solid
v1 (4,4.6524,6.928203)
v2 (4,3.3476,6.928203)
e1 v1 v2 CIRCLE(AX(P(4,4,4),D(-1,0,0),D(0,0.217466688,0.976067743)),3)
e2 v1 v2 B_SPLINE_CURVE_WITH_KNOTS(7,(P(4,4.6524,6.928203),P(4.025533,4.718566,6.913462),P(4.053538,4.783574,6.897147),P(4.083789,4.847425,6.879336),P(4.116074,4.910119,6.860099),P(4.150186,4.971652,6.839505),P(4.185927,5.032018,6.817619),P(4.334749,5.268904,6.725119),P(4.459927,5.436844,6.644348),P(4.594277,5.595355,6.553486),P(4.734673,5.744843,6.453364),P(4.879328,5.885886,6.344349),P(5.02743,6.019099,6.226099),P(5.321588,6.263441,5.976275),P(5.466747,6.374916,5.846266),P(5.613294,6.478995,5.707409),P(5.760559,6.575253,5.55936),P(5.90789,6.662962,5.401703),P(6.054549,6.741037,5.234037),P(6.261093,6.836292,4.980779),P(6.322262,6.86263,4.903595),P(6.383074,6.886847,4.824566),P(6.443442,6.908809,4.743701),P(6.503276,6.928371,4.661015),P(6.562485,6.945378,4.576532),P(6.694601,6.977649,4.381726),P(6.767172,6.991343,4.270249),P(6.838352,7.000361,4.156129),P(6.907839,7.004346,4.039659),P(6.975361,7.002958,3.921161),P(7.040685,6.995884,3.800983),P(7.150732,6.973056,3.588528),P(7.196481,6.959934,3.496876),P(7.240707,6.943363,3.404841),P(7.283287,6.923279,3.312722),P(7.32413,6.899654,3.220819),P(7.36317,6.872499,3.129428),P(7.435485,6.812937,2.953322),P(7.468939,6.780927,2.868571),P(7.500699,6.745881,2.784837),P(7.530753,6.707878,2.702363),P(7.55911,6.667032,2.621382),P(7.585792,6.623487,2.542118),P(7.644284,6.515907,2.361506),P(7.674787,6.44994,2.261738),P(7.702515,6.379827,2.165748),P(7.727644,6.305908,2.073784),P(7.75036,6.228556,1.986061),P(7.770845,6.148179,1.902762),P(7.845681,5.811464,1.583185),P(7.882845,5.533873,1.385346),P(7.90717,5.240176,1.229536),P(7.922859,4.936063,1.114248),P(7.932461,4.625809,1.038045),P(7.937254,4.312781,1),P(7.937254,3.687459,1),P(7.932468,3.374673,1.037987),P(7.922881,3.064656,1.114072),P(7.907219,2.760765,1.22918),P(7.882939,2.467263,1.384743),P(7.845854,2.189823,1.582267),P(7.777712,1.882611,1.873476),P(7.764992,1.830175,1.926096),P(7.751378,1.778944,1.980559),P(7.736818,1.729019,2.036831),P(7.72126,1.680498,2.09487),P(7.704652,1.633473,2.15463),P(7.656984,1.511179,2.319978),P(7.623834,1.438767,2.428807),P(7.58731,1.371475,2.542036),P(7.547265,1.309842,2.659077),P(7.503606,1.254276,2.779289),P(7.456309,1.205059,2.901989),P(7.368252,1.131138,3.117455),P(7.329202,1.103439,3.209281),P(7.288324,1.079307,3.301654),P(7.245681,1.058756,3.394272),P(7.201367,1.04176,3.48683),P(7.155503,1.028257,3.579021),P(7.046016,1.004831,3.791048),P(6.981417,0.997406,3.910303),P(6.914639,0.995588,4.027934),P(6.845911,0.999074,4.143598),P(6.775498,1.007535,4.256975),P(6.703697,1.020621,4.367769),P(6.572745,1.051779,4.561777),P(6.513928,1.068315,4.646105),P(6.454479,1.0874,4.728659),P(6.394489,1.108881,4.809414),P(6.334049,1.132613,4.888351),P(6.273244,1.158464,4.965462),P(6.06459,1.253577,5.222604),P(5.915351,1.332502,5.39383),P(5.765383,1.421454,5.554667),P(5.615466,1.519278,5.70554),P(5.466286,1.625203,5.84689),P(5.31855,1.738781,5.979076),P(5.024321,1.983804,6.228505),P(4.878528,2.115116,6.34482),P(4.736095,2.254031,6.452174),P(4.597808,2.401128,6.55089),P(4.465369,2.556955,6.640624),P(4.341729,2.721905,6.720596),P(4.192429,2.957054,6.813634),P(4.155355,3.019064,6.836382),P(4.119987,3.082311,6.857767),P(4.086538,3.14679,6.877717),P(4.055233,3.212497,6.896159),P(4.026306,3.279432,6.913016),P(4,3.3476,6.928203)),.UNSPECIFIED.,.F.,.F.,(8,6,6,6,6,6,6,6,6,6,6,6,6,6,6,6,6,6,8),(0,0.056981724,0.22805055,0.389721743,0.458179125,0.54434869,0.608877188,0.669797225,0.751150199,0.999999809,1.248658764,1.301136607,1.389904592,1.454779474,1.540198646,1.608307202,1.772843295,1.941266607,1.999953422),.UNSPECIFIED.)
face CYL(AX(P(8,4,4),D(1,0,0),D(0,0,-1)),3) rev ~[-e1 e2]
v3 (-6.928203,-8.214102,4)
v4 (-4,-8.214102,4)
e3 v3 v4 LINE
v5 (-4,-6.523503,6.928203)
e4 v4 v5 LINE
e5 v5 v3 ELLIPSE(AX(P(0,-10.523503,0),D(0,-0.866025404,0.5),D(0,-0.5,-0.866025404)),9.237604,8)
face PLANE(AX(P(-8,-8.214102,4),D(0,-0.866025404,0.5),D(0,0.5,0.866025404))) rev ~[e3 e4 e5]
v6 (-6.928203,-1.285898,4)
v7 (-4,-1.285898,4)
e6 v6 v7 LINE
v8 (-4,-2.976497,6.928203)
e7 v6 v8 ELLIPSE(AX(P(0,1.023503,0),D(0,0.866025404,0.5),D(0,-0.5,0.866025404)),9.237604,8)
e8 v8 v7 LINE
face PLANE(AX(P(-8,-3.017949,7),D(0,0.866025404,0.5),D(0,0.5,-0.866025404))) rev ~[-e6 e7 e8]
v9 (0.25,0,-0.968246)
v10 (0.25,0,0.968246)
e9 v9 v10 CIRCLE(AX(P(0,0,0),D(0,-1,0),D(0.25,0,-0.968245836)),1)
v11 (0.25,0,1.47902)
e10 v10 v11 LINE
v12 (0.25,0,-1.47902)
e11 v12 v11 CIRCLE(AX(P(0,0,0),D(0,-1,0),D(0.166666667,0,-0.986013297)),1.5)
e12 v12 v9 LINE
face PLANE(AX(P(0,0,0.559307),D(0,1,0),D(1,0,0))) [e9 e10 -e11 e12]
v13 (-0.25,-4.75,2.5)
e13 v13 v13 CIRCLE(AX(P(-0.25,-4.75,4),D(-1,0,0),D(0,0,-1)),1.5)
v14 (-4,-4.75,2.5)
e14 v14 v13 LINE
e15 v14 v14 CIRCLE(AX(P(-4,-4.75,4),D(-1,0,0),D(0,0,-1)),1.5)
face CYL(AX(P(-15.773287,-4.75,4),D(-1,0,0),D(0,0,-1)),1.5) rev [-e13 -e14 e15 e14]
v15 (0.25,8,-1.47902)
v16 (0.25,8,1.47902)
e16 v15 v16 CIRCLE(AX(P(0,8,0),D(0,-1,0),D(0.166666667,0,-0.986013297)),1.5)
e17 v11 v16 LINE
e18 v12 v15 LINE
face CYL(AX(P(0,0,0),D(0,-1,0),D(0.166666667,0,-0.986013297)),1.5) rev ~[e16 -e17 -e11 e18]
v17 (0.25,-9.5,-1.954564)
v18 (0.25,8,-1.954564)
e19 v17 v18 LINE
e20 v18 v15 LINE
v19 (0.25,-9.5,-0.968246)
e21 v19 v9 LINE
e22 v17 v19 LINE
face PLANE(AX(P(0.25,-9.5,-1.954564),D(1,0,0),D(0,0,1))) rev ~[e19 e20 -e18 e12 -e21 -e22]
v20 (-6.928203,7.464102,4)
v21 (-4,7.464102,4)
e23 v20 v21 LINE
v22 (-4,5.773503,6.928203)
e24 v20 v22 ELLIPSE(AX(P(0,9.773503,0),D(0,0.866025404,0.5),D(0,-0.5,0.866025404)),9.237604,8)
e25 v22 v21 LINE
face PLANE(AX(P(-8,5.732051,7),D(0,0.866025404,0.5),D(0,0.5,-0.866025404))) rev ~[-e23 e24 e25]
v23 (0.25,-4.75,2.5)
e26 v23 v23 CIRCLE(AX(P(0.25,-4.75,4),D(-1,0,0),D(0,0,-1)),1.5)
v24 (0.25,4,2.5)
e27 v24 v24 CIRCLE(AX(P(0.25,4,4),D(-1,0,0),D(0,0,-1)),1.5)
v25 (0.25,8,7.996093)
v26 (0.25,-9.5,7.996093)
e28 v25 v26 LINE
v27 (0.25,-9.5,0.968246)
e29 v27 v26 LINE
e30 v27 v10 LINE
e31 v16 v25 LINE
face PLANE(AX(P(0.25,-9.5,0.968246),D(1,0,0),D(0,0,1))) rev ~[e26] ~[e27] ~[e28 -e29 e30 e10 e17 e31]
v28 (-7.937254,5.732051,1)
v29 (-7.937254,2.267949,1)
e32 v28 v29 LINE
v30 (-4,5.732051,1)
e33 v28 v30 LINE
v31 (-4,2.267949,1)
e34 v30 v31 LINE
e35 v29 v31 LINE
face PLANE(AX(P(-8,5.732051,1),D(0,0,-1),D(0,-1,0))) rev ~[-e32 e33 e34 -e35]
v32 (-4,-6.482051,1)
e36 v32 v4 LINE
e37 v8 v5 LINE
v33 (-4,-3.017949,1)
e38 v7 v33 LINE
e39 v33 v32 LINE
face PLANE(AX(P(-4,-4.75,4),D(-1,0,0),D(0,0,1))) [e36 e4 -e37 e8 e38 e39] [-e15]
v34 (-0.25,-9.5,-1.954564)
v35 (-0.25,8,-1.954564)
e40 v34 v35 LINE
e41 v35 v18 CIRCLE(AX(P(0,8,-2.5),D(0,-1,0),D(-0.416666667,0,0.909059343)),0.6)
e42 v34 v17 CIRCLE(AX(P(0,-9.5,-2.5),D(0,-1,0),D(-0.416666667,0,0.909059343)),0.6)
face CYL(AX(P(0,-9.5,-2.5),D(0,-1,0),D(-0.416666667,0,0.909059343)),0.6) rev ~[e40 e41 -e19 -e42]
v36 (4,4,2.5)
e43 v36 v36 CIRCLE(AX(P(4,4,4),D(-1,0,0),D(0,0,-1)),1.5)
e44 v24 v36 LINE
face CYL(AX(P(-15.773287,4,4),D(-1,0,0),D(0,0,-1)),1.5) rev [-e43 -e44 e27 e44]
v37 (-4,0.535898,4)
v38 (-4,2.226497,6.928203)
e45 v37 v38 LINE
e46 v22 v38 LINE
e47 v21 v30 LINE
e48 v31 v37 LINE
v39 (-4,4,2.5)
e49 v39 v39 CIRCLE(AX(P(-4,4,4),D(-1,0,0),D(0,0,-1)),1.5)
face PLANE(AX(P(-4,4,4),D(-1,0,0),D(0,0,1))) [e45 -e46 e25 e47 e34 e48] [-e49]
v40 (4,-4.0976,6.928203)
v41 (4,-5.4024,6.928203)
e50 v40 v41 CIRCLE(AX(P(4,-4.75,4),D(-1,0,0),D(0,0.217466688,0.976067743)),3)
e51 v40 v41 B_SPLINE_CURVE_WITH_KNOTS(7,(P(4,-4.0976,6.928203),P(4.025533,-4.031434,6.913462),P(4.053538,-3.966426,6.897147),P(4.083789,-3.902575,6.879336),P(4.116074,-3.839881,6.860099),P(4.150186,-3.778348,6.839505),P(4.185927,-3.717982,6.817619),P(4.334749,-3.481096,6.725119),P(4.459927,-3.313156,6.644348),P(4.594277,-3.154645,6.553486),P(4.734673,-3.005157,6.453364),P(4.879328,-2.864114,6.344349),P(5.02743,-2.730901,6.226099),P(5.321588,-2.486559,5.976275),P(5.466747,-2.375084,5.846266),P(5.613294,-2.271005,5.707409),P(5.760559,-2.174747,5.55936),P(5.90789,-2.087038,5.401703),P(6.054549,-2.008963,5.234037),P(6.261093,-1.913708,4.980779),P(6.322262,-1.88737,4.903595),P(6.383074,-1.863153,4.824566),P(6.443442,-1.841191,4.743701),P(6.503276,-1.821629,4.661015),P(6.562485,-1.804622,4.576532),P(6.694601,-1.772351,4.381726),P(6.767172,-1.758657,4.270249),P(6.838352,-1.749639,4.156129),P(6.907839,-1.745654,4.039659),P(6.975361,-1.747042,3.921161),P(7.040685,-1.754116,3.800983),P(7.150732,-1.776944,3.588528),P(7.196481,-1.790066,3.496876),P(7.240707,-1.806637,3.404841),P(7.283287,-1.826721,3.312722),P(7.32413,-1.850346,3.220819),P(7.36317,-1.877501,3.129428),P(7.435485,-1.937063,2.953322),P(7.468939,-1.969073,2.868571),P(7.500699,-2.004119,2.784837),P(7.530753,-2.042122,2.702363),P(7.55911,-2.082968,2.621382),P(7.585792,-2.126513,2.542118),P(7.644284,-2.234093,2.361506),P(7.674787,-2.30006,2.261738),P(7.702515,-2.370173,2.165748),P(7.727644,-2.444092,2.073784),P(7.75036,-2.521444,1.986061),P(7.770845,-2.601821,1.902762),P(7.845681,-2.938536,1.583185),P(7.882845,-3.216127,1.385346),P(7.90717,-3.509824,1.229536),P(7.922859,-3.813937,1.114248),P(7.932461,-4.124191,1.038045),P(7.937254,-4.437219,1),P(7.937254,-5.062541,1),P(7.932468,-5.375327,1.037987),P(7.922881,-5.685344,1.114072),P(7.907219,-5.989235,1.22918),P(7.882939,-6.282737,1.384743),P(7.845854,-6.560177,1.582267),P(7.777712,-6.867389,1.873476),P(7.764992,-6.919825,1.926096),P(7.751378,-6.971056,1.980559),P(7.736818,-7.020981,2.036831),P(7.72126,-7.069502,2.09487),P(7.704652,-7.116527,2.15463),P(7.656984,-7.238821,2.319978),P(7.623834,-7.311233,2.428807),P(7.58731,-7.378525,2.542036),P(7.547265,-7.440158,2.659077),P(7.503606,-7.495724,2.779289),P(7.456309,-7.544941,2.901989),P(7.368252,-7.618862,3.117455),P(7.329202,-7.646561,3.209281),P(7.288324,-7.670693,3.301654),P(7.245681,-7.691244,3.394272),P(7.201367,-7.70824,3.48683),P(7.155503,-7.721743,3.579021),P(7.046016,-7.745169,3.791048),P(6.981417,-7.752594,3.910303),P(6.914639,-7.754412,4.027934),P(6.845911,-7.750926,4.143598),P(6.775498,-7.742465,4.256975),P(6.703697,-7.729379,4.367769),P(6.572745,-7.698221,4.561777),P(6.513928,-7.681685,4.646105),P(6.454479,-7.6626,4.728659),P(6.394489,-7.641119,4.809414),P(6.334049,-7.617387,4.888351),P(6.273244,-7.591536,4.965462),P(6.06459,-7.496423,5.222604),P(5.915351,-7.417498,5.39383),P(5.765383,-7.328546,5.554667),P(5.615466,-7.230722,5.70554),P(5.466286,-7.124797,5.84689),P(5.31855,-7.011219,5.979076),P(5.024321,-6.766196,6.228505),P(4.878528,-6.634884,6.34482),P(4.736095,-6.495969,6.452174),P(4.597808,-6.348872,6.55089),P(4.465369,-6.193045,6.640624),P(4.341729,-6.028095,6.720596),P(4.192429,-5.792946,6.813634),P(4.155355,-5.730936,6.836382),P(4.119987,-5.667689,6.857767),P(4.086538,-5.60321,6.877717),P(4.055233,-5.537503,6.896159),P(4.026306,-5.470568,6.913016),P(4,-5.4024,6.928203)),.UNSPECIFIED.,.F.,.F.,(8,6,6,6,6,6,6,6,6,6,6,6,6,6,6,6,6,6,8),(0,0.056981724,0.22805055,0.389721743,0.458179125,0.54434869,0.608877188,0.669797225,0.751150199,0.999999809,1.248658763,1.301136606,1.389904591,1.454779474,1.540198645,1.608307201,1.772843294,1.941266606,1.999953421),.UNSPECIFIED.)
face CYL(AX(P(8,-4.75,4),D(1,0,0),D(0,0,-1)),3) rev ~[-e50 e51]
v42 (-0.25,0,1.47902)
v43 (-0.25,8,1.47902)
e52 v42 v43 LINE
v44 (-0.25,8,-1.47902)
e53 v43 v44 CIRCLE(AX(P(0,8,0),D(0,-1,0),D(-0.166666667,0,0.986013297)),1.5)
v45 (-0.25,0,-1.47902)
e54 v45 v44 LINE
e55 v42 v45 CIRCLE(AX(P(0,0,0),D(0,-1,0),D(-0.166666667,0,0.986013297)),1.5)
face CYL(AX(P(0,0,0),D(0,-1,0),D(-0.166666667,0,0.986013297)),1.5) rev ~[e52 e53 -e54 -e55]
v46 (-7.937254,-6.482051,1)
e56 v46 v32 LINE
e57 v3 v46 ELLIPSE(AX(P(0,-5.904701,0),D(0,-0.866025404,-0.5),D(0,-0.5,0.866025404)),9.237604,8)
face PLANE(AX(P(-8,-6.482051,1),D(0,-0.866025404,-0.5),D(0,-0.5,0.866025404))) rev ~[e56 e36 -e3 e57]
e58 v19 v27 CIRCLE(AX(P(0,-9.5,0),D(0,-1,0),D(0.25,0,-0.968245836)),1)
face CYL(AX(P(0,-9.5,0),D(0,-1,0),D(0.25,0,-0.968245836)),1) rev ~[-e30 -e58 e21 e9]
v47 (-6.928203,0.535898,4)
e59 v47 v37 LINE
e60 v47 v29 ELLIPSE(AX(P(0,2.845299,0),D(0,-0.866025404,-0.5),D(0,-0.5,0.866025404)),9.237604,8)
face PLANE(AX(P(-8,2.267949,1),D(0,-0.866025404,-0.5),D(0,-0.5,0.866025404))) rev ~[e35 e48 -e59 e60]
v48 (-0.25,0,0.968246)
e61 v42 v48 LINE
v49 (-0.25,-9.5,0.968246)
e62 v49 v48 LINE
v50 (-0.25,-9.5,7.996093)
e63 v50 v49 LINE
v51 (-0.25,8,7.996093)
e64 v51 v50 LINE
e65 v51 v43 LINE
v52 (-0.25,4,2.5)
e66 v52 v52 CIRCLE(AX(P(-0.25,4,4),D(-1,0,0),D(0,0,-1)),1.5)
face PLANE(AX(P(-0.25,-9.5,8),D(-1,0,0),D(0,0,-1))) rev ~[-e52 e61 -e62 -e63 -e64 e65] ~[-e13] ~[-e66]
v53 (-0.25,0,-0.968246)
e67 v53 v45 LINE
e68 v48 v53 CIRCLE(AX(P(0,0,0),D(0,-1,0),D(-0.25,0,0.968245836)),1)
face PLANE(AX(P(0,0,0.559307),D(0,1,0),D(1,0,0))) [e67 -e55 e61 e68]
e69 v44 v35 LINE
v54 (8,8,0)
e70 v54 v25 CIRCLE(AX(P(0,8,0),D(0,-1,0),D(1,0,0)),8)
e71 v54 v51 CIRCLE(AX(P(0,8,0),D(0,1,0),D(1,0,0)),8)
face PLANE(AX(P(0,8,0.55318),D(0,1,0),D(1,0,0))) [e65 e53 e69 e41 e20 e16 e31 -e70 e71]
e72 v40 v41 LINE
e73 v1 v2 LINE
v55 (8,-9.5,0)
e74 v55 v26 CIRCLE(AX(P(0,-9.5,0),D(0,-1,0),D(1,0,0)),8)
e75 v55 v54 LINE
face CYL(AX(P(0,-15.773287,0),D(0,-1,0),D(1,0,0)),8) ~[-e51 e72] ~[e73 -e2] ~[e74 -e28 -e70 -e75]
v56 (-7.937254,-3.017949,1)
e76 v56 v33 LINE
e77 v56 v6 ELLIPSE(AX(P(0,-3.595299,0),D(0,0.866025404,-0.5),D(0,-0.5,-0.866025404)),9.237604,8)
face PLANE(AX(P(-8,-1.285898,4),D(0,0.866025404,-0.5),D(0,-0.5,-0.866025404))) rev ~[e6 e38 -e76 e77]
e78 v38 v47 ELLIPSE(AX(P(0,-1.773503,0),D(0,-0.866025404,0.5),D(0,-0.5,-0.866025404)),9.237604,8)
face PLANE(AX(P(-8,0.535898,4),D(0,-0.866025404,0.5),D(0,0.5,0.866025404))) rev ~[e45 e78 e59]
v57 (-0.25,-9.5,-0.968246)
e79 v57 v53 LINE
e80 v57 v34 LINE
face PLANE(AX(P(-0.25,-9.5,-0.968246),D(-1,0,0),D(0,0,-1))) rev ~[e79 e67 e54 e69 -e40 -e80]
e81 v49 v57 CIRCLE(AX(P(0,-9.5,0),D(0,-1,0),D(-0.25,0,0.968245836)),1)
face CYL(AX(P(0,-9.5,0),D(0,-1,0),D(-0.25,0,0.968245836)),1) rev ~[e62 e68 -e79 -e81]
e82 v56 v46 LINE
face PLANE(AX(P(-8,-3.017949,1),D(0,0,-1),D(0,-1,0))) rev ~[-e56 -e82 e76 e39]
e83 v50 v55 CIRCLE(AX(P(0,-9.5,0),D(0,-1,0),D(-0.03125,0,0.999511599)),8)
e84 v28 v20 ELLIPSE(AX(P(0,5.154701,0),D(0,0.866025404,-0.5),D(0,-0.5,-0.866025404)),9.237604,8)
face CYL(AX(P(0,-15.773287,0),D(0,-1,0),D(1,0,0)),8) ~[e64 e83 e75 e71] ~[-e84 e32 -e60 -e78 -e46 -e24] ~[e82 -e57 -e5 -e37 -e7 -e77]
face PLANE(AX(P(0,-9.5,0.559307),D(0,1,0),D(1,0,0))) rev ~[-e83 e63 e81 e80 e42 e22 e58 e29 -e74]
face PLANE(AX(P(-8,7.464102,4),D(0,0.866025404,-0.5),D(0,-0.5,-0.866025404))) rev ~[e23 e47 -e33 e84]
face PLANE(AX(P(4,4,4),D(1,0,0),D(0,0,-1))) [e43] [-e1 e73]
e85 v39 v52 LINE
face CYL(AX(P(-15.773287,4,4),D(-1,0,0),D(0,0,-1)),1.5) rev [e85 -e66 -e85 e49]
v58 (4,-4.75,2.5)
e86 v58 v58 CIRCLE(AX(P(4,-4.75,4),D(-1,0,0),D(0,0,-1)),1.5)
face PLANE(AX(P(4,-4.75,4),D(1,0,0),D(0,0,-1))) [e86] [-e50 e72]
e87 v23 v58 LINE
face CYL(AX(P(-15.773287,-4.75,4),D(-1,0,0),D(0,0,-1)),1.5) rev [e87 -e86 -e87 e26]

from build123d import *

# Parameters (mm, degrees)
SALIENTE_EXTRUIR1_DEPTH    = 8
SALIENTE_EXTRUIR2_START    = -9.5
SALIENTE_EXTRUIR2_DEPTH    = 9.5
CORTAR_EXTRUIR1_DEPTH      = 15.773286703
CORTAR_EXTRUIR1_DEPTH_BACK = 15.773286703
CROQUIS3_R                 = 1.5
CROQUIS5_R                 = 3
CORTAR_EXTRUIR2_DEPTH      = 4
CORTAR_EXTRUIR4_DEPTH      = 4
CORTAR_EXTRUIR3_DEPTH      = 15.773286703
CORTAR_EXTRUIR3_DEPTH_BACK = 15.773286703
CROQUIS6_OUTSIDE_W         = 23.722
CROQUIS6_OUTSIDE_H         = 23.722
CROQUIS6_OUTSIDE_R         = 8


with BuildPart() as part:
    # Croquis1 → Saliente-Extruir1 (new body)
    with BuildSketch(Plane(origin=(0, 0, 0), x_dir=(1, 0, 0), z_dir=(0, 1, 0))):
        with BuildLine():
            Line((-0.25, -7.996092796), (-0.25, -1.479019946))
            ThreePointArc((-0.25, -1.479019946), (-1.5, 0), (-0.25, 1.479019946))
            Line((-0.25, 1.479019946), (-0.25, 1.954564394))
            ThreePointArc((-0.25, 1.954564394), (0, 3.1), (0.25, 1.954564394))
            Line((0.25, 1.954564394), (0.25, 1.479019946))
            ThreePointArc((0.25, 1.479019946), (1.5, 0), (0.25, -1.479019946))
            Line((0.25, -1.479019946), (0.25, -7.996092796))
            Line((0.25, -7.996092796), (0.25, -8))
            Line((0.25, -8), (8, -8))
            Line((8, -8), (8, 8))
            Line((8, 8), (-8, 8))
            Line((-8, 8), (-8, -8))
            Line((-8, -8), (-0.25, -8))
            Line((-0.25, -8), (-0.25, -7.996092796))
        make_face()
    extrude(amount=SALIENTE_EXTRUIR1_DEPTH)

    # Croquis2 → Saliente-Extruir2 (add)
    with BuildSketch(Plane(origin=(0, 0, 0), x_dir=(1, 0, 0), z_dir=(0, 1, 0)).offset(SALIENTE_EXTRUIR2_START)):
        with BuildLine():
            Line((0.25, -1.479019946), (0.25, -8))
            Line((0.25, -8), (8, -8))
            Line((8, -8), (8, 8))
            Line((8, 8), (-8, 8))
            Line((-8, 8), (-8, -8))
            Line((-8, -8), (-0.25, -8))
            Line((-0.25, -8), (-0.25, -1.479019946))
            Line((-0.25, -1.479019946), (-0.25, -0.968245837))
            ThreePointArc((-0.25, -0.968245837), (-1, 0), (-0.25, 0.968245837))
            Line((-0.25, 0.968245837), (-0.25, 1.479019946))
            Line((-0.25, 1.479019946), (-0.25, 1.954564394))
            ThreePointArc((-0.25, 1.954564394), (0, 3.1), (0.25, 1.954564394))
            Line((0.25, 1.954564394), (0.25, 1.479019946))
            Line((0.25, 1.479019946), (0.25, 0.968245837))
            ThreePointArc((0.25, 0.968245837), (1, 0), (0.25, -0.968245837))
            Line((0.25, -0.968245837), (0.25, -1.479019946))
        make_face()
    extrude(amount=SALIENTE_EXTRUIR2_DEPTH)

    # Croquis3 → Cortar-Extruir1 (cut, two sides: drawn at the far end of the back side and taken through both)
    with BuildSketch(Plane(origin=(0, 0, 0), x_dir=(0, 0, -1), z_dir=(1, 0, 0)).offset(-CORTAR_EXTRUIR1_DEPTH_BACK)):
        with Locations((-4, 4)):
            Circle(CROQUIS3_R)
        with Locations((-4, -4.75)):
            Circle(CROQUIS3_R)
    extrude(amount=CORTAR_EXTRUIR1_DEPTH + CORTAR_EXTRUIR1_DEPTH_BACK, mode=Mode.SUBTRACT)

    # Croquis5 → Cortar-Extruir2 (cut)
    with BuildSketch(Plane(origin=(8, 0, 0), x_dir=(0, 0, -1), z_dir=(1, 0, 0))):
        with Locations((-4, 4)):
            Circle(CROQUIS5_R)
        with Locations((-4, -4.75)):
            Circle(CROQUIS5_R)
    extrude(amount=-CORTAR_EXTRUIR2_DEPTH, mode=Mode.SUBTRACT)

    # Croquis7 → Cortar-Extruir4 (cut)
    with BuildSketch(Plane.ZY.offset(8)):
        Polygon((1, 5.732050808), (1, 2.267949192), (4, 0.535898385), (7, 2.267949192), (7, 5.732050808), (4, 7.464101615), align=None)
        Polygon((1, -3.017949192), (1, -6.482050808), (4, -8.214101615), (7, -6.482050808), (7, -3.017949192), (4, -1.285898385), align=None)
    extrude(amount=-CORTAR_EXTRUIR4_DEPTH, mode=Mode.SUBTRACT)

    # Croquis6 outside → Cortar-Extruir3 (cut, two sides: drawn at the far end of the back side and taken through both)
    with BuildSketch(Plane(origin=(0, 0, 0), x_dir=(1, 0, 0), z_dir=(0, 1, 0)).offset(-CORTAR_EXTRUIR3_DEPTH_BACK)):
        Rectangle(CROQUIS6_OUTSIDE_W, CROQUIS6_OUTSIDE_H)
        Circle(CROQUIS6_OUTSIDE_R, mode=Mode.SUBTRACT)
    extrude(amount=CORTAR_EXTRUIR3_DEPTH + CORTAR_EXTRUIR3_DEPTH_BACK, mode=Mode.SUBTRACT)


solid = part.part
